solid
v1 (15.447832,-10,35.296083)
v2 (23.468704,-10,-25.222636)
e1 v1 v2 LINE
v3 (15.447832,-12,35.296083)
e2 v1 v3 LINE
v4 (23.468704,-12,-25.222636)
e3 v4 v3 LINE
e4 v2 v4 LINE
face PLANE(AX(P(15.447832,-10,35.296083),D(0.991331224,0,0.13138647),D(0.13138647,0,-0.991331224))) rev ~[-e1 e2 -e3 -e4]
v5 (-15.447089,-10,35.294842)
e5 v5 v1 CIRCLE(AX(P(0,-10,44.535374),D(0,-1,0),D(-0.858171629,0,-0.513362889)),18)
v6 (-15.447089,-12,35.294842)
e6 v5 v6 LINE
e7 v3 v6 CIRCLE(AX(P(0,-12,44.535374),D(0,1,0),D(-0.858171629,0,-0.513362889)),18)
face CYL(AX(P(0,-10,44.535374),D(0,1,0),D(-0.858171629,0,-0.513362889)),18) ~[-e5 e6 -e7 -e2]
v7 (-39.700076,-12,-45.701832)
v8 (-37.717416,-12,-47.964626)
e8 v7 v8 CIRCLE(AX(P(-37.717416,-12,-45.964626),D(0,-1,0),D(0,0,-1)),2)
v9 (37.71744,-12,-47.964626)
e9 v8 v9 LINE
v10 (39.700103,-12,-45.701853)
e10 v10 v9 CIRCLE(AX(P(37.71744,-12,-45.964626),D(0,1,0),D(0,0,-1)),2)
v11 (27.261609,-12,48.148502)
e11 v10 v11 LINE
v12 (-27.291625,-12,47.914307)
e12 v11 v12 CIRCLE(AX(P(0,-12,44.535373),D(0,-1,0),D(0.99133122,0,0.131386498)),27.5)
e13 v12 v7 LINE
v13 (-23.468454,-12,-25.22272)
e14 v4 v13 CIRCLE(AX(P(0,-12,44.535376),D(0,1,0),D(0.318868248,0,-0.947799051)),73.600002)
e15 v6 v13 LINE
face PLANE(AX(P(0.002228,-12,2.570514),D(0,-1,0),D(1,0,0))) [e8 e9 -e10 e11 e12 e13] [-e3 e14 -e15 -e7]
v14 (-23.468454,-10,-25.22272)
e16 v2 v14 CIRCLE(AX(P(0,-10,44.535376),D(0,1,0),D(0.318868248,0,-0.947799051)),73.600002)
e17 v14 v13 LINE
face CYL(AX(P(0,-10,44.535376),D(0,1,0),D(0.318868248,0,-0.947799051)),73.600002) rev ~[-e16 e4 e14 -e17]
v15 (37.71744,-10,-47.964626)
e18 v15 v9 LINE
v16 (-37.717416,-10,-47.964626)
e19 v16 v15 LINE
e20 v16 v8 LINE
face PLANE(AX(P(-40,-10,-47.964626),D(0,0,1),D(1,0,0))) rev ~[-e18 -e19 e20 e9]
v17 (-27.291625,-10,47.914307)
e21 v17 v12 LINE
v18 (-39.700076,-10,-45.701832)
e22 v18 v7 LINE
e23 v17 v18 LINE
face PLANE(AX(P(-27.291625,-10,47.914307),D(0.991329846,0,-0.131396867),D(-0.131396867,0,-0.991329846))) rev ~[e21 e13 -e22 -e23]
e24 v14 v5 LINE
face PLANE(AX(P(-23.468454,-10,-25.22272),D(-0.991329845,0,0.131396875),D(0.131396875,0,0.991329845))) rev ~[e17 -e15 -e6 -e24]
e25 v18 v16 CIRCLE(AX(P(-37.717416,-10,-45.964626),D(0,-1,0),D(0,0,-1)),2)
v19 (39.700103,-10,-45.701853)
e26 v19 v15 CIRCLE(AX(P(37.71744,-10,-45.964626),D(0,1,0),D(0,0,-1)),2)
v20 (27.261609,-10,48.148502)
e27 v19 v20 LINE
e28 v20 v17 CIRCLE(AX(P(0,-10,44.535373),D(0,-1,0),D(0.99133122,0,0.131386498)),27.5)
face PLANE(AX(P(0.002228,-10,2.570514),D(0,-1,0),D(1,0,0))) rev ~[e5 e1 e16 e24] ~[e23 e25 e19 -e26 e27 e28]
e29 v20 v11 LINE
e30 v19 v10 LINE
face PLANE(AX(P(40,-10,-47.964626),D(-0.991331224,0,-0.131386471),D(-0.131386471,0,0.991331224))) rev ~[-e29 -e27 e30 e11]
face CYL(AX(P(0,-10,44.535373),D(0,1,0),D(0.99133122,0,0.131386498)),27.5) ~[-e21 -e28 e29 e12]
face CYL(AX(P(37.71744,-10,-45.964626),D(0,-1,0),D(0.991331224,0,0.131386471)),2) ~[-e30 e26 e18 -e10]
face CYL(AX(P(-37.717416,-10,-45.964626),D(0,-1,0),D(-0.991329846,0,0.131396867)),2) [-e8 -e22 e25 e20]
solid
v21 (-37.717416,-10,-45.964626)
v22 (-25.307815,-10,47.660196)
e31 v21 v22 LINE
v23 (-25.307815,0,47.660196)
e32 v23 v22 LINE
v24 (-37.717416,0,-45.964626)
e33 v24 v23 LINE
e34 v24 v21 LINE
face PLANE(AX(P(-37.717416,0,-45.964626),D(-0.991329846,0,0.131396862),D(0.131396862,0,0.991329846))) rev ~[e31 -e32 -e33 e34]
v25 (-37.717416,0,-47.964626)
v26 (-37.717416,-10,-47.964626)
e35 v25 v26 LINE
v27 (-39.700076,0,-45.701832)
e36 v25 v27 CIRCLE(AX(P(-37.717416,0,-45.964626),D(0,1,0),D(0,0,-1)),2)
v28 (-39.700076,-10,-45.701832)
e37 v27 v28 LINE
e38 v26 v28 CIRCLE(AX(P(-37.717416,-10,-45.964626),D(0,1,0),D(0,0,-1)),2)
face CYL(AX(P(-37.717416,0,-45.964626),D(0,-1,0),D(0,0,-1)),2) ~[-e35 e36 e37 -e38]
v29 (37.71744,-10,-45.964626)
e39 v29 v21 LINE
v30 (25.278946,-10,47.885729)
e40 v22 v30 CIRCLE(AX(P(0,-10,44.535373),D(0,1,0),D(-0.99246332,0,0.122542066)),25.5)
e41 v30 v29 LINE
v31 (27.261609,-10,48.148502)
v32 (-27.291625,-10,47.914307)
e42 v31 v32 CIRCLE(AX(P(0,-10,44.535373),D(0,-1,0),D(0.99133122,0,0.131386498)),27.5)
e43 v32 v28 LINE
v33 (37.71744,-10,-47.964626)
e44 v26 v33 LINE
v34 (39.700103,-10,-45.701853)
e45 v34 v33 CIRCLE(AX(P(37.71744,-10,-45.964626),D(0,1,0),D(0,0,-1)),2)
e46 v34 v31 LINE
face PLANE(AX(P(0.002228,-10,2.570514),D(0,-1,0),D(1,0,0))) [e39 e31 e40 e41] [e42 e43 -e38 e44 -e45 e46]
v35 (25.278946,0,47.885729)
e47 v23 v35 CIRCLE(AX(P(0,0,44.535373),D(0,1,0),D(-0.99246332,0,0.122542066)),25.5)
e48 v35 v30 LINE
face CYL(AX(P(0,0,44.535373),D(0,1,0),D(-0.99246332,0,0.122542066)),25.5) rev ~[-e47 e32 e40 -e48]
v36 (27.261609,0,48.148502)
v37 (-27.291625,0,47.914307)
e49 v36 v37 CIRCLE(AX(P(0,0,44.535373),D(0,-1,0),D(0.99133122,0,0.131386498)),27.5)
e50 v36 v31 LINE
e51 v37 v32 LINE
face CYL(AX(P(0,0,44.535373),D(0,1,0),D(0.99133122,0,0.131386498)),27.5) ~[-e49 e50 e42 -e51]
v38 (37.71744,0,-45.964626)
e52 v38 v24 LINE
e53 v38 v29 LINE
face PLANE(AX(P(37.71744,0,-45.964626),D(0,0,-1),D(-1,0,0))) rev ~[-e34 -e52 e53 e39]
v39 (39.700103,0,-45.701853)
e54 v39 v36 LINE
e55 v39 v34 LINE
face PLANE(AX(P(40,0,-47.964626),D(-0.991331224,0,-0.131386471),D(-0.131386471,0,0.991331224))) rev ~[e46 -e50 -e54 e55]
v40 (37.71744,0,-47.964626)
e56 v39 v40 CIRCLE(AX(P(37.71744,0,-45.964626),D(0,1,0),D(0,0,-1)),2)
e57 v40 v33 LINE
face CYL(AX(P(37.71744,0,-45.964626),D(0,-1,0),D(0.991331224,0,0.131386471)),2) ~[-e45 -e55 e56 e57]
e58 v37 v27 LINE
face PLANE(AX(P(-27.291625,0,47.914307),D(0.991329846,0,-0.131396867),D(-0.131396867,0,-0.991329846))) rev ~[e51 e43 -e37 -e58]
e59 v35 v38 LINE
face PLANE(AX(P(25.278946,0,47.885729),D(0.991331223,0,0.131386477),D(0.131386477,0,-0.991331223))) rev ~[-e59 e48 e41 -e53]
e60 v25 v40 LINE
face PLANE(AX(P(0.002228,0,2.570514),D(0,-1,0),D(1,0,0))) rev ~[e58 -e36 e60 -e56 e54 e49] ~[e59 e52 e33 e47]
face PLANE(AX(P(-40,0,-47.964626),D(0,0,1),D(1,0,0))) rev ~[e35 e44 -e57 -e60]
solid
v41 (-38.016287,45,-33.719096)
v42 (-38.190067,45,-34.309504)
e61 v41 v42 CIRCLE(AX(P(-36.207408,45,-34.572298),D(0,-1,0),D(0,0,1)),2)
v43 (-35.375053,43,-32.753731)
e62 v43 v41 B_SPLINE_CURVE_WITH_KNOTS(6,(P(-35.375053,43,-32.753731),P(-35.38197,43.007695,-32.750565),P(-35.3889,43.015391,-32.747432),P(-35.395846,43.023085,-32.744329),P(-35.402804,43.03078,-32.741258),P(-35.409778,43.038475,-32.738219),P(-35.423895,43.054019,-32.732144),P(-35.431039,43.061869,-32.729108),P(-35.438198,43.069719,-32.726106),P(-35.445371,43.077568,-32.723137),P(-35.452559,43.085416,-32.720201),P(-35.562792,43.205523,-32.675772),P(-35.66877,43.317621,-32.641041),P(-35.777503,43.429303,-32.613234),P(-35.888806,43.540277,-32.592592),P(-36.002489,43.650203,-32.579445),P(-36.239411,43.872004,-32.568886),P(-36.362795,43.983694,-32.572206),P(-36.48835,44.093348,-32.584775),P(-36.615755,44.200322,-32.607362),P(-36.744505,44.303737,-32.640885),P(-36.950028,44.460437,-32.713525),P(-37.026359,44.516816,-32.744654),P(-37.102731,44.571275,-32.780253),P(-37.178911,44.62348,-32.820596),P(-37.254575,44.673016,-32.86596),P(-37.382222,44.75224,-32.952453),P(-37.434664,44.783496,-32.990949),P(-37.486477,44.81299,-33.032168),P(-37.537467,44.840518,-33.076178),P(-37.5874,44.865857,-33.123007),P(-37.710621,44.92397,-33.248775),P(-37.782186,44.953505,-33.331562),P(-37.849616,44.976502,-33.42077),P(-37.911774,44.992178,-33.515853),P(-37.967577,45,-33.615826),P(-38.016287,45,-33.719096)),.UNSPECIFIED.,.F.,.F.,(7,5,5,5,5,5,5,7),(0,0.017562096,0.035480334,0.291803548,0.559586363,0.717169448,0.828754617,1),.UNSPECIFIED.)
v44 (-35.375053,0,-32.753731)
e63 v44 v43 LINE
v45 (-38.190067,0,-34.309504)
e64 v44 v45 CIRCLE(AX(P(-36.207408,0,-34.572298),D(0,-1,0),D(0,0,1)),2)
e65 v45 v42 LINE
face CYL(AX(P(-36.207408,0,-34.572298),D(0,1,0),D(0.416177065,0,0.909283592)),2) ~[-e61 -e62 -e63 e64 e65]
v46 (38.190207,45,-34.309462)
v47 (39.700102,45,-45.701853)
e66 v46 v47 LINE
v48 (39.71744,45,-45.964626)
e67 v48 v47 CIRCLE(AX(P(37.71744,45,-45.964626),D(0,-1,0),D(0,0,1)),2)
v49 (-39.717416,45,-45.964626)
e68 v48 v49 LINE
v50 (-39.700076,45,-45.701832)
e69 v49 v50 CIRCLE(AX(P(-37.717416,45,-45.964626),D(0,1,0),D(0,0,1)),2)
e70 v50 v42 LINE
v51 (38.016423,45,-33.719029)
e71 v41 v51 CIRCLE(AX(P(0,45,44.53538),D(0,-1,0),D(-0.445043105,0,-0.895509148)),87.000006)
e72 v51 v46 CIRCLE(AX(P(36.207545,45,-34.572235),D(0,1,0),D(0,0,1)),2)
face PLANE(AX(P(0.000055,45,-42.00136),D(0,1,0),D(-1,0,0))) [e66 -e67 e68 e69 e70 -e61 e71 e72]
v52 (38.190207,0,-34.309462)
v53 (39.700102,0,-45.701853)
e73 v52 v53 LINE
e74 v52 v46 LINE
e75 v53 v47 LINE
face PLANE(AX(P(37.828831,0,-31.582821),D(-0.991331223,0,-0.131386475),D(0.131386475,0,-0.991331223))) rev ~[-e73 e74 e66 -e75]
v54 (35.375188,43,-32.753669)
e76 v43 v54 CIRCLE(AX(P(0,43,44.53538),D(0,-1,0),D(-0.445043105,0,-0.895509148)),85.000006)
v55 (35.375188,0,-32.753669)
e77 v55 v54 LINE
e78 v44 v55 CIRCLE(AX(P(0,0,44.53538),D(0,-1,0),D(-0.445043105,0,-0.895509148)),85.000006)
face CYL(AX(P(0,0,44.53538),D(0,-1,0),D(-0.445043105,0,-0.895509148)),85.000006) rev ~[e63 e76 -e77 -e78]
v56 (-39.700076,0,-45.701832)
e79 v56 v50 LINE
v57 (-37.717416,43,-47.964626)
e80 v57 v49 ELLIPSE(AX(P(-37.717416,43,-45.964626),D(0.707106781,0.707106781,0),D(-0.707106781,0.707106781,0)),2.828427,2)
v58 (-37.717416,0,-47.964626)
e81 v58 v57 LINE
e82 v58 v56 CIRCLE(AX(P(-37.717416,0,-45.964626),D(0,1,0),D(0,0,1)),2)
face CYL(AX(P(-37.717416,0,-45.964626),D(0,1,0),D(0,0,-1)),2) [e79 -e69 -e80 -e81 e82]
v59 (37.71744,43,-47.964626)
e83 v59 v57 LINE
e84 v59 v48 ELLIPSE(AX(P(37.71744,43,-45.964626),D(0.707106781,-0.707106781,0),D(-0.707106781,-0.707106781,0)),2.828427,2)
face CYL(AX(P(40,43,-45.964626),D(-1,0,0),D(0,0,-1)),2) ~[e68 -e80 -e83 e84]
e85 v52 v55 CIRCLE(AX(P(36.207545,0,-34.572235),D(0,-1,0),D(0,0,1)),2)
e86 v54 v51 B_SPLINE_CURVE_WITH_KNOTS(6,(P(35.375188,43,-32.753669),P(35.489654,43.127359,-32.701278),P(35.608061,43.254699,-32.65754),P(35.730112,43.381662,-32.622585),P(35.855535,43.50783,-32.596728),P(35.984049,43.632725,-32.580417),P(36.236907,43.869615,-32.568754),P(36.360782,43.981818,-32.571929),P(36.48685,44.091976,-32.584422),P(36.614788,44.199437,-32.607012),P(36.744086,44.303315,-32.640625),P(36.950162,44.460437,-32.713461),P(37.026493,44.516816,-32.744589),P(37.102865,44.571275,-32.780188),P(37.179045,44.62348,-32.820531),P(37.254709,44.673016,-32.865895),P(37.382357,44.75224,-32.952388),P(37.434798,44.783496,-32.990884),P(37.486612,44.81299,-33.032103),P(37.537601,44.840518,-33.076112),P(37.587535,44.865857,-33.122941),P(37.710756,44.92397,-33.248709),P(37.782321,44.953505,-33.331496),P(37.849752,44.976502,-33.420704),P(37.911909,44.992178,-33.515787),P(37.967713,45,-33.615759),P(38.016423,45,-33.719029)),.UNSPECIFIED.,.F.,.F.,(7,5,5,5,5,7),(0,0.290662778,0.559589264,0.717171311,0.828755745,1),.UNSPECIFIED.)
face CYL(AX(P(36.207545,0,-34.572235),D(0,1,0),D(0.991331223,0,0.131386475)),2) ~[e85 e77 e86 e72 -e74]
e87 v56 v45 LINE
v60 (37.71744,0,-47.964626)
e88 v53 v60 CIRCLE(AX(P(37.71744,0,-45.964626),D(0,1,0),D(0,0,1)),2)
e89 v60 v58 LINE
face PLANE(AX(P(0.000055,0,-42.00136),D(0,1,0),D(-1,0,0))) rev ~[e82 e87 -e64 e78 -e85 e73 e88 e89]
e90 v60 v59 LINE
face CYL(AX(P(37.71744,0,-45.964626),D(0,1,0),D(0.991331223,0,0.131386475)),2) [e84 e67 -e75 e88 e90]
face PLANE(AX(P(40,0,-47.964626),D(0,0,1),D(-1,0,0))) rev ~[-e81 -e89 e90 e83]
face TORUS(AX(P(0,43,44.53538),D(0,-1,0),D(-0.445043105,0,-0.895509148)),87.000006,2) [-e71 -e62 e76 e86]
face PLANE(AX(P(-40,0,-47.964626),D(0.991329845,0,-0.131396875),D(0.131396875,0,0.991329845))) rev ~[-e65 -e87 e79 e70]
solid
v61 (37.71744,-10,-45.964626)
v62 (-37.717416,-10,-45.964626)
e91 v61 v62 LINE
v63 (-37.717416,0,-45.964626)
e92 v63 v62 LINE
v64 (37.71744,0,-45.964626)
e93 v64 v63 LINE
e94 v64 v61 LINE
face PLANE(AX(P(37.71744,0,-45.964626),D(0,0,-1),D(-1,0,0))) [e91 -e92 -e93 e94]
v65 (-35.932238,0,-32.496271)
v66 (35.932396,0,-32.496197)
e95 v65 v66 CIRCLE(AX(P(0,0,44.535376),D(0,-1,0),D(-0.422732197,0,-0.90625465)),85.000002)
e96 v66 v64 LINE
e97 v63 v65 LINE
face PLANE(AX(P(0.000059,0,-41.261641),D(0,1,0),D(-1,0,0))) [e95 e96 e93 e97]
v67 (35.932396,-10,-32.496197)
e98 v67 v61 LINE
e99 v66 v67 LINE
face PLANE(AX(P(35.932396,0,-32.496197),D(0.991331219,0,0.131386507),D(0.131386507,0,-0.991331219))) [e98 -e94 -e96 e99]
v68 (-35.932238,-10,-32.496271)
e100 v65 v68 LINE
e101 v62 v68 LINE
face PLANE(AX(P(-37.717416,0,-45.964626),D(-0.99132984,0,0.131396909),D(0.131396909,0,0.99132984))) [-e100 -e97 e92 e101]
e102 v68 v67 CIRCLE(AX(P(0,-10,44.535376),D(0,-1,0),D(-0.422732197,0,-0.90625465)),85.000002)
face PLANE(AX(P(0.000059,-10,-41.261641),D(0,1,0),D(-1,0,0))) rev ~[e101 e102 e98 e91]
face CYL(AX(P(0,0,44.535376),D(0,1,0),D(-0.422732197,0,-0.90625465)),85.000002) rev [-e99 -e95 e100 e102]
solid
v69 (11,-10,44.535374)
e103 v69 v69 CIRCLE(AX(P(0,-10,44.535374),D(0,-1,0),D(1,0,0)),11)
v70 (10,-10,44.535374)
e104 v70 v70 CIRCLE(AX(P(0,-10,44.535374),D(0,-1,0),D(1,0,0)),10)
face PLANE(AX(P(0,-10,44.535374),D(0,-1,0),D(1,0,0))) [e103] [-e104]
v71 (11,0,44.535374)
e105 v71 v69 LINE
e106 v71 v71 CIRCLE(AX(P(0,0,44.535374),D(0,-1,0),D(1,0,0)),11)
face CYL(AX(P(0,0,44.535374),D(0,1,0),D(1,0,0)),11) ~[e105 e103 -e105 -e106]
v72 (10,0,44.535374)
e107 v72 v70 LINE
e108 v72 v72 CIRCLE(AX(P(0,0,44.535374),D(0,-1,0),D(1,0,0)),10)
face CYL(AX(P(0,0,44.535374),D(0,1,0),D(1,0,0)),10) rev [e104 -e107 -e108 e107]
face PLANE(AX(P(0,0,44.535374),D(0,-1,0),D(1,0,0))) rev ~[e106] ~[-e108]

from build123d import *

# Parameters (mm, degrees)
F0_R      = 11
F0_R_2    = 10
F1_DEPTH  = 10
F3_DEPTH  = 2
F5_DEPTH  = 10
F7_DEPTH  = 45
F8_R      = 2
F8_2_R    = 2
F8_3_R    = 2
F9_R      = 2
F11_DEPTH = 6


with BuildPart() as f1:
    # F0 (on Front) → F1 (new body)
    with BuildSketch(Plane.XZ):
        with BuildLine():
            Line((40, -47.964626), (27.261609, 48.148502))
            ThreePointArc((27.261609, 48.148502), (-0.118055, 72.03512), (-27.291625, 47.914307))
            Line((-27.291625, 47.914307), (-40, -47.964626))
            Line((-40, -47.964626), (40, -47.964626))
        make_face()
        with BuildLine():
            Line((-37.717416, -45.964626), (-25.307815, 47.660196))
            ThreePointArc((-25.307815, 47.660196), (-0.113686, 70.03512), (25.278946, 47.885729))
            Line((25.278946, 47.885729), (37.71744, -45.964626))
            Line((37.71744, -45.964626), (-37.717416, -45.964626))
        make_face(mode=Mode.SUBTRACT)
        with Locations((0, 44.535374)):
            Circle(F0_R)
        with Locations((0, 44.535374)):
            Circle(F0_R_2, mode=Mode.SUBTRACT)
    extrude(amount=F1_DEPTH)

    # F8#2
    f8_2_edges = [f1.edges().sort_by_distance(p)[0] for p in [
        (-40, -5, -47.964626),
        (40, -5, -47.964626),
    ]]
    fillet(f8_2_edges, radius=F8_2_R)


with BuildPart() as f3:
    # F2 (on face) → F3 (new body)
    with BuildSketch(Plane.XZ.offset(10)):
        with BuildLine():
            Line((40, -47.964626), (27.261609, 48.148502))
            ThreePointArc((27.261609, 48.148502), (-0.118055, 72.03512), (-27.291625, 47.914307))
            Line((-27.291625, 47.914307), (-40, -47.964626))
            Line((-40, -47.964626), (40, -47.964626))
        make_face()
    extrude(amount=F3_DEPTH)

    # F8#3
    f8_3_edges = [f3.edges().sort_by_distance(p)[0] for p in [
        (-40, -11, -47.964626),
        (40, -11, -47.964626),
    ]]
    fillet(f8_3_edges, radius=F8_3_R)

    # F10 (on face) → F11 (cut)
    with BuildSketch(Plane(origin=(0, -10, 0), x_dir=(-1, 0, 0), z_dir=(0, 1, 0))):
        with BuildLine():
            Line((-15.447832, 35.296083), (-23.468704, -25.222636))
            ThreePointArc((-23.468704, -25.222636), (-0.000132, -29.064626), (23.468454, -25.22272))
            Line((23.468454, -25.22272), (15.447089, 35.294842))
            ThreePointArc((15.447089, 35.294842), (-0.000723, 26.535374), (-15.447832, 35.296083))
        make_face()
    extrude(amount=-F11_DEPTH, mode=Mode.SUBTRACT)


with BuildPart() as f5:
    # F4 (on face) → F5 (new body, through all)
    with BuildSketch(Plane(origin=(0, 0, 0), x_dir=(-1, 0, 0), z_dir=(0, 1, 0))):
        with BuildLine():
            ThreePointArc((35.932238, -32.496271), (-8.7e-05, -40.464626), (-35.932396, -32.496197))
            Line((-35.932396, -32.496197), (-37.71744, -45.964626))
            Line((-37.71744, -45.964626), (37.717416, -45.964626))
            Line((37.717416, -45.964626), (35.932238, -32.496271))
        make_face()
    extrude(amount=-F5_DEPTH)


with BuildPart() as f7:
    # F6 (on face) → F7 (new body)
    with BuildSketch(Plane(origin=(0, 0, 0), x_dir=(-1, 0, 0), z_dir=(0, 1, 0))):
        with BuildLine():
            Line((-37.828831, -31.582821), (-40, -47.964626))
            Line((-40, -47.964626), (40, -47.964626))
            Line((40, -47.964626), (37.828667, -31.582903))
            ThreePointArc((37.828667, -31.582903), (-9.2e-05, -40.464626), (-37.828831, -31.582821))
        make_face()
    extrude(amount=F7_DEPTH)

    # F8
    f8_edges = [f7.edges().sort_by_distance(p)[0] for p in [
        (-40, 22.5, -47.964626),
        (0, 45, -47.964626),
        (40, 22.5, -47.964626),
    ]]
    fillet(f8_edges, radius=F8_R)

    # F9
    f9_edges = [f7.edges().sort_by_distance(p)[0] for p in [
        (9.2e-05, 45, -40.464626),
        (37.828831, 22.5, -31.582821),
        (-37.828667, 22.5, -31.582903),
    ]]
    fillet(f9_edges, radius=F9_R)


solid = Compound([f1.part, f3.part, f5.part, f7.part])
